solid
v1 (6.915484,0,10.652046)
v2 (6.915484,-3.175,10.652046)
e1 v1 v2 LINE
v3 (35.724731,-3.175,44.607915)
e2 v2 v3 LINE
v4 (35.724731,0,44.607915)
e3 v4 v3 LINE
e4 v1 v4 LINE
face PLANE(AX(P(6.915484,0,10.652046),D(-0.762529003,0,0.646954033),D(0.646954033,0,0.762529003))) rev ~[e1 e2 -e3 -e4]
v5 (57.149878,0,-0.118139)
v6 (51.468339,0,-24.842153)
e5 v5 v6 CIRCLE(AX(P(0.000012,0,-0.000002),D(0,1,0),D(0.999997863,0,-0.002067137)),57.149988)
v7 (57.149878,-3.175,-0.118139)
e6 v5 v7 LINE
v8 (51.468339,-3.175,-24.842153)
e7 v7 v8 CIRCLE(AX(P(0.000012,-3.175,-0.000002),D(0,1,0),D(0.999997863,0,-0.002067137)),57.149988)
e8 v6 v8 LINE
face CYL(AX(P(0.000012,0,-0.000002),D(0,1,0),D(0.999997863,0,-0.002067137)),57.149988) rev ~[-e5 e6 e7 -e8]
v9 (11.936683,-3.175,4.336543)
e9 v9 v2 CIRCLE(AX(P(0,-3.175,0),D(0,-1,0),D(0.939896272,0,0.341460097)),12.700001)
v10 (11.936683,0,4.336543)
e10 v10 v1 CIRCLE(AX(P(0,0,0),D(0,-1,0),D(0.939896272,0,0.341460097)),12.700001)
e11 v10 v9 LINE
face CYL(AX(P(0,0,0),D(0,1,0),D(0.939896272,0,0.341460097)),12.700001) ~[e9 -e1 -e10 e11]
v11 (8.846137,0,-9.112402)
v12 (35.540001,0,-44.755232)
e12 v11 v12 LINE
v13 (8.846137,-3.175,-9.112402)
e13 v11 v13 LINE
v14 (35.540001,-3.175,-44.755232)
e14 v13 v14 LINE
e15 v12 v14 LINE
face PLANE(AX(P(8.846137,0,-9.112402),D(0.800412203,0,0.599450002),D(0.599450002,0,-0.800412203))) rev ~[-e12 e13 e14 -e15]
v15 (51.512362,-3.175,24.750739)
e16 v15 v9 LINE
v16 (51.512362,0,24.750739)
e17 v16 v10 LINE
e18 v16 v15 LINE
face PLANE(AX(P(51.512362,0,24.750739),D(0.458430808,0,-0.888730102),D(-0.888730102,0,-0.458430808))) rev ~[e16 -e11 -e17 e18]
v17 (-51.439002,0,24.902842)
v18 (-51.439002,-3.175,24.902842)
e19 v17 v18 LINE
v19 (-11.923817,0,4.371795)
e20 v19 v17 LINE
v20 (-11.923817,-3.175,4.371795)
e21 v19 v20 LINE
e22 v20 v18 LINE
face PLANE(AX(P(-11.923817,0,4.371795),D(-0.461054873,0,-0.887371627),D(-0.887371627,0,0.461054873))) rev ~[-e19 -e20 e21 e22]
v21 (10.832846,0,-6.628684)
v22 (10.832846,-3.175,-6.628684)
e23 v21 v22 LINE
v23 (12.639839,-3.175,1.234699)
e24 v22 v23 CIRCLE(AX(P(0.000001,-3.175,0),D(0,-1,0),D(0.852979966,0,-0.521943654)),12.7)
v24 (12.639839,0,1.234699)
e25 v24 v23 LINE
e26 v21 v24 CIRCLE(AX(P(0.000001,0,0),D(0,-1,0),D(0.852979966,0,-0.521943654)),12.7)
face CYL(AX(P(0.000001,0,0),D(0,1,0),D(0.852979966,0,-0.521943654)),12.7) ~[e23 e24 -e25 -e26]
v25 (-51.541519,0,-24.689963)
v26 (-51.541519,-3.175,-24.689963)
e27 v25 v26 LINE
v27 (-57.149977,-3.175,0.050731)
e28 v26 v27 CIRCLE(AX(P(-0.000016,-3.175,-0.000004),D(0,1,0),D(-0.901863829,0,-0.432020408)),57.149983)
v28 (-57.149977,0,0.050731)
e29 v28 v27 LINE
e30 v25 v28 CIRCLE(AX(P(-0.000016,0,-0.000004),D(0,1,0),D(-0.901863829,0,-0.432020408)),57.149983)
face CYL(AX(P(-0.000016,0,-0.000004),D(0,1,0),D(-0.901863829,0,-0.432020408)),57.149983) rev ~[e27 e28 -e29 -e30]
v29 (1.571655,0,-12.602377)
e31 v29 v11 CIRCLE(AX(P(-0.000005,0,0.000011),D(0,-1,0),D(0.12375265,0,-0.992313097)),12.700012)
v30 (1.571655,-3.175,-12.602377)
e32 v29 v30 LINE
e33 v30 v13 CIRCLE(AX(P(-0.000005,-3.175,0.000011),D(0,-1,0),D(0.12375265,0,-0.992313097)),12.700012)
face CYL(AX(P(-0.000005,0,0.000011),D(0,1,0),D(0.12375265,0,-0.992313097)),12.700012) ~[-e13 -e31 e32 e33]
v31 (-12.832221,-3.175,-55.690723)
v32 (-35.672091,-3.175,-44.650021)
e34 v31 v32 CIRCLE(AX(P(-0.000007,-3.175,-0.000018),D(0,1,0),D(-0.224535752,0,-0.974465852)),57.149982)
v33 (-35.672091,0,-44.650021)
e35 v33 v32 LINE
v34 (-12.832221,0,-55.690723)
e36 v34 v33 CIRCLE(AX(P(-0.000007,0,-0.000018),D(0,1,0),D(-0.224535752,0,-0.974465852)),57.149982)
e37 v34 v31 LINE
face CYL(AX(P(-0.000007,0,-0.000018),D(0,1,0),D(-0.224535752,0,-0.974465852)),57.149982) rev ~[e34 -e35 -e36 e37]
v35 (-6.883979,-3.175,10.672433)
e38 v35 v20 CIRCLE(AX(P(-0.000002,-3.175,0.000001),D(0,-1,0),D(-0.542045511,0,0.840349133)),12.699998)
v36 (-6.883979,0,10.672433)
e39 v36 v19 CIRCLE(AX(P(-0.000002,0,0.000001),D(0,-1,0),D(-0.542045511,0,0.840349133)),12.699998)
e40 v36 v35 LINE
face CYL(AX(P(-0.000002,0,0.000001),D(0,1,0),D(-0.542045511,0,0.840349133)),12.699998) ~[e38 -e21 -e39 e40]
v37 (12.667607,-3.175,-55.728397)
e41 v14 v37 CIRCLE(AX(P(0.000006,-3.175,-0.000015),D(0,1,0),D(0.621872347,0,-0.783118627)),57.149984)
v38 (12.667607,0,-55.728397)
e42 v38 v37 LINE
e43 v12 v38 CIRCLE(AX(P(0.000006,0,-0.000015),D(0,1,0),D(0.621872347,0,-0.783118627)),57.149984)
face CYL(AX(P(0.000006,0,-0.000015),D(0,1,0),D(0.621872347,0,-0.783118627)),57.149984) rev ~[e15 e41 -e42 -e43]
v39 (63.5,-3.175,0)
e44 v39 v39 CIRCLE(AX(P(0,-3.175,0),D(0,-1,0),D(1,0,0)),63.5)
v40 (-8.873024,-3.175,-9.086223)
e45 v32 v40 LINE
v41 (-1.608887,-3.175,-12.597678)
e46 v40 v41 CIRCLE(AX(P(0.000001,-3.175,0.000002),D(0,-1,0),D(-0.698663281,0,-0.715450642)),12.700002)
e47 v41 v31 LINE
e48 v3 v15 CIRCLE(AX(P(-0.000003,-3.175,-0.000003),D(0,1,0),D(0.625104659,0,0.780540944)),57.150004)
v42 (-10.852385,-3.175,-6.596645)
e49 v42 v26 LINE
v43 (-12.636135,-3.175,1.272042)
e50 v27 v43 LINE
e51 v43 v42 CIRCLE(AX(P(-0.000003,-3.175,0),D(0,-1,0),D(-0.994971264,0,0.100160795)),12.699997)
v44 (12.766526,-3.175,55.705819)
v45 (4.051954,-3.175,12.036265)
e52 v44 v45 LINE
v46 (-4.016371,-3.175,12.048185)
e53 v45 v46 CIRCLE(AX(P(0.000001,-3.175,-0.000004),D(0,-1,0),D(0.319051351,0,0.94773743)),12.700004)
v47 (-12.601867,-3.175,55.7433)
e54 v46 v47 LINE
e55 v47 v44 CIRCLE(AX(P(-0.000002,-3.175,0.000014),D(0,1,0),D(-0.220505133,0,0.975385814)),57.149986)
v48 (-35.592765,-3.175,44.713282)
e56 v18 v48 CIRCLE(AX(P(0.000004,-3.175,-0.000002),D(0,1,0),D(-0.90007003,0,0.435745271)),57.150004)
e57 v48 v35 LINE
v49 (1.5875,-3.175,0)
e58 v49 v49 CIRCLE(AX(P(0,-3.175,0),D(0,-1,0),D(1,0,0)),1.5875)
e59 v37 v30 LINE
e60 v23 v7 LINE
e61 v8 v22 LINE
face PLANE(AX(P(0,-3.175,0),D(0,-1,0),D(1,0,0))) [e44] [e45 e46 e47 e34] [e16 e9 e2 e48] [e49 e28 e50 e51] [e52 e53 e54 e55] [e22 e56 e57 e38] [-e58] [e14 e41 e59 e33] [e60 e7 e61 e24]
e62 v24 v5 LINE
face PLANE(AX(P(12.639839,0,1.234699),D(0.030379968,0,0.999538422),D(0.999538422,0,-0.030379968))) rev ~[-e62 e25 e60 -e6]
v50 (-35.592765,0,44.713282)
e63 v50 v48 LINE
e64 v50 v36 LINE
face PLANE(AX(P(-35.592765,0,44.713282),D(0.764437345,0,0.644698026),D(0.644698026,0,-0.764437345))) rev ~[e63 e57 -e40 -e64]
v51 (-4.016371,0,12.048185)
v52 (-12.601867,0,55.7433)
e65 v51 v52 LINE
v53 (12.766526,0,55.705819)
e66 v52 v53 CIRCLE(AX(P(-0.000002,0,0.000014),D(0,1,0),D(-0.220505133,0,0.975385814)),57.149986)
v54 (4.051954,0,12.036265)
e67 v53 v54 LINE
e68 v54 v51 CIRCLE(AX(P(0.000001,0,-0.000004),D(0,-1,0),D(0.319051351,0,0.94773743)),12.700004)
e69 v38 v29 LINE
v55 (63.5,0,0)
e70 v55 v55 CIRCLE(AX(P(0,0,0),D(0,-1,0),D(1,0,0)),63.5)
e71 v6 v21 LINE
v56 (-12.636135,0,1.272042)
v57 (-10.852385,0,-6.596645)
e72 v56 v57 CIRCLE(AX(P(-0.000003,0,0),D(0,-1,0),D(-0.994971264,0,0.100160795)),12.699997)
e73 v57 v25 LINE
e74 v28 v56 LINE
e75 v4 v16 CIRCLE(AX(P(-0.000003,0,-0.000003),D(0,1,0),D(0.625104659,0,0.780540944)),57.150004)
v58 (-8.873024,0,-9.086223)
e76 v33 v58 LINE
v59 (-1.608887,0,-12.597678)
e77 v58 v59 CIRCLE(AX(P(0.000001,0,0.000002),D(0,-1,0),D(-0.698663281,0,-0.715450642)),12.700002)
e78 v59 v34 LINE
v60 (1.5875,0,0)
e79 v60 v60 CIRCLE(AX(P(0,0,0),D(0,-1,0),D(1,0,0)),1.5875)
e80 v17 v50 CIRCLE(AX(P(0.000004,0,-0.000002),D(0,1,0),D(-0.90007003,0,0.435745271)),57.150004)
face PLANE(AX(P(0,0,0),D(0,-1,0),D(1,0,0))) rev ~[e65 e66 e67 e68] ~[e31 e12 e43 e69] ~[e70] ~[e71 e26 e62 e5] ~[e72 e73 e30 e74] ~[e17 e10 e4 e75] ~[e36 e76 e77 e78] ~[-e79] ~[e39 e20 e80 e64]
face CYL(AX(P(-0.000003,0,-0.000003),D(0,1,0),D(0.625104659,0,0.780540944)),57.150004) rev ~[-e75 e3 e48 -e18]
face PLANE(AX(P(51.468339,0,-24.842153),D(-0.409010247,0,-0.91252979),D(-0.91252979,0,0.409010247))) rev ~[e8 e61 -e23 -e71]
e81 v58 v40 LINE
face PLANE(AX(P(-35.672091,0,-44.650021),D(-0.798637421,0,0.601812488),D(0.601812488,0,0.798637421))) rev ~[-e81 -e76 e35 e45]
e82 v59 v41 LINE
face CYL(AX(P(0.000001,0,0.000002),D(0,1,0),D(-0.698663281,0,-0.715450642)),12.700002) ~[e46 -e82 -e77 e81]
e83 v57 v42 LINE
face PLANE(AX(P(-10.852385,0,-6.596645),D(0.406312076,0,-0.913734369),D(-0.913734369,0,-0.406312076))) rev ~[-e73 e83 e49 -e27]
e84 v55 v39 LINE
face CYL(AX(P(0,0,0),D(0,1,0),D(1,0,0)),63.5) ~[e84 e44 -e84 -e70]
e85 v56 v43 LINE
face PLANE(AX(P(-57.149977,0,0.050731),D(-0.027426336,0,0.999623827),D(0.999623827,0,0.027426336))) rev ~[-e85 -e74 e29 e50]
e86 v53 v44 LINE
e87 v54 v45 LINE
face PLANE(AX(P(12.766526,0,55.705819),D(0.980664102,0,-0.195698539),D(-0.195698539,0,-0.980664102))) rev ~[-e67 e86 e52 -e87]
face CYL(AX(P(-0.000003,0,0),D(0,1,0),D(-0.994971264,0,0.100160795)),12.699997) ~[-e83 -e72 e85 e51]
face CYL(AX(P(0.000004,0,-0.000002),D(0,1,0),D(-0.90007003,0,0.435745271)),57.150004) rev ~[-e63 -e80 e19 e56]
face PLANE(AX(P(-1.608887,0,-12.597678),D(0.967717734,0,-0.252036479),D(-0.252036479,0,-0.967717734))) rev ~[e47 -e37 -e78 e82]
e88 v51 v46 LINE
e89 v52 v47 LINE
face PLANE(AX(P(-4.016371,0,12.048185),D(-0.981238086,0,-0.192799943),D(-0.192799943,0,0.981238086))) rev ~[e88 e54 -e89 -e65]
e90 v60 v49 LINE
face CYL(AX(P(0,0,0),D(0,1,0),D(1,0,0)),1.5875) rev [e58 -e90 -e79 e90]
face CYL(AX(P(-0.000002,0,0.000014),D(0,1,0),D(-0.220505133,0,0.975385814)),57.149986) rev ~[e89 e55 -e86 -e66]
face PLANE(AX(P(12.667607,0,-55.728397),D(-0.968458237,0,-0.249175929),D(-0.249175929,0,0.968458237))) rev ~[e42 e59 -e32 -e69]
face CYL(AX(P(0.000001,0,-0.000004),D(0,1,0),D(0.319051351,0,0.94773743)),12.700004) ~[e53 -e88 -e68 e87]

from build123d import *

# Parameters (mm, degrees)
F0_R     = 63.5
F0_R_2   = 1.5875
F1_DEPTH = 3.175


with BuildPart() as f1:
    # F0 (on Front) → F1 (new body)
    with BuildSketch(Plane.XZ):
        Circle(F0_R)
        with BuildLine():
            ThreePointArc((-12.832221, -55.690723), (-24.872502, -51.45368), (-35.672091, -44.650021))
            Line((-35.672091, -44.650021), (-8.873024, -9.086223))
            ThreePointArc((-8.873024, -9.086223), (-5.527223, -11.434151), (-1.608887, -12.597678))
            Line((-1.608887, -12.597678), (-12.832221, -55.690723))
        make_face(mode=Mode.SUBTRACT)
        with BuildLine():
            ThreePointArc((-51.541519, -24.689963), (-55.735858, -12.634739), (-57.149977, 0.050731))
            Line((-57.149977, 0.050731), (-12.636135, 1.272042))
            ThreePointArc((-12.636135, 1.272042), (-12.385746, -2.80772), (-10.852385, -6.596645))
            Line((-10.852385, -6.596645), (-51.541519, -24.689963))
        make_face(mode=Mode.SUBTRACT)
        with BuildLine():
            ThreePointArc((35.540001, -44.755232), (24.720355, -51.52695), (12.667607, -55.728397))
            Line((12.667607, -55.728397), (1.571655, -12.602377))
            ThreePointArc((1.571655, -12.602377), (5.493412, -11.450433), (8.846137, -9.112402))
            Line((8.846137, -9.112402), (35.540001, -44.755232))
        make_face(mode=Mode.SUBTRACT)
        with BuildLine():
            ThreePointArc((57.149878, -0.118139), (55.698281, -12.799376), (51.468339, -24.842153))
            Line((51.468339, -24.842153), (10.832846, -6.628684))
            ThreePointArc((10.832846, -6.628684), (12.377396, -2.844306), (12.639839, 1.234699))
            Line((12.639839, 1.234699), (57.149878, -0.118139))
        make_face(mode=Mode.SUBTRACT)
        with BuildLine():
            ThreePointArc((-51.439002, 24.902842), (-44.628976, 35.698417), (-35.592765, 44.713282))
            Line((-35.592765, 44.713282), (-6.883979, 10.672433))
            ThreePointArc((-6.883979, 10.672433), (-9.91755, 7.932982), (-11.923817, 4.371795))
            Line((-11.923817, 4.371795), (-51.439002, 24.902842))
        make_face(mode=Mode.SUBTRACT)
        Circle(F0_R_2, mode=Mode.SUBTRACT)
        with BuildLine():
            ThreePointArc((35.724731, 44.607915), (44.734265, 35.566389), (51.512362, 24.750739))
            Line((51.512362, 24.750739), (11.936683, 4.336543))
            ThreePointArc((11.936683, 4.336543), (9.940948, 7.903642), (6.915484, 10.652046))
            Line((6.915484, 10.652046), (35.724731, 44.607915))
        make_face(mode=Mode.SUBTRACT)
        with BuildLine():
            ThreePointArc((-12.601867, 55.7433), (0.084435, 57.149938), (12.766526, 55.705819))
            Line((12.766526, 55.705819), (4.051954, 12.036265))
            ThreePointArc((4.051954, 12.036265), (0.018763, 12.699986), (-4.016371, 12.048185))
            Line((-4.016371, 12.048185), (-12.601867, 55.7433))
        make_face(mode=Mode.SUBTRACT)
    extrude(amount=F1_DEPTH)


solid = f1.part
